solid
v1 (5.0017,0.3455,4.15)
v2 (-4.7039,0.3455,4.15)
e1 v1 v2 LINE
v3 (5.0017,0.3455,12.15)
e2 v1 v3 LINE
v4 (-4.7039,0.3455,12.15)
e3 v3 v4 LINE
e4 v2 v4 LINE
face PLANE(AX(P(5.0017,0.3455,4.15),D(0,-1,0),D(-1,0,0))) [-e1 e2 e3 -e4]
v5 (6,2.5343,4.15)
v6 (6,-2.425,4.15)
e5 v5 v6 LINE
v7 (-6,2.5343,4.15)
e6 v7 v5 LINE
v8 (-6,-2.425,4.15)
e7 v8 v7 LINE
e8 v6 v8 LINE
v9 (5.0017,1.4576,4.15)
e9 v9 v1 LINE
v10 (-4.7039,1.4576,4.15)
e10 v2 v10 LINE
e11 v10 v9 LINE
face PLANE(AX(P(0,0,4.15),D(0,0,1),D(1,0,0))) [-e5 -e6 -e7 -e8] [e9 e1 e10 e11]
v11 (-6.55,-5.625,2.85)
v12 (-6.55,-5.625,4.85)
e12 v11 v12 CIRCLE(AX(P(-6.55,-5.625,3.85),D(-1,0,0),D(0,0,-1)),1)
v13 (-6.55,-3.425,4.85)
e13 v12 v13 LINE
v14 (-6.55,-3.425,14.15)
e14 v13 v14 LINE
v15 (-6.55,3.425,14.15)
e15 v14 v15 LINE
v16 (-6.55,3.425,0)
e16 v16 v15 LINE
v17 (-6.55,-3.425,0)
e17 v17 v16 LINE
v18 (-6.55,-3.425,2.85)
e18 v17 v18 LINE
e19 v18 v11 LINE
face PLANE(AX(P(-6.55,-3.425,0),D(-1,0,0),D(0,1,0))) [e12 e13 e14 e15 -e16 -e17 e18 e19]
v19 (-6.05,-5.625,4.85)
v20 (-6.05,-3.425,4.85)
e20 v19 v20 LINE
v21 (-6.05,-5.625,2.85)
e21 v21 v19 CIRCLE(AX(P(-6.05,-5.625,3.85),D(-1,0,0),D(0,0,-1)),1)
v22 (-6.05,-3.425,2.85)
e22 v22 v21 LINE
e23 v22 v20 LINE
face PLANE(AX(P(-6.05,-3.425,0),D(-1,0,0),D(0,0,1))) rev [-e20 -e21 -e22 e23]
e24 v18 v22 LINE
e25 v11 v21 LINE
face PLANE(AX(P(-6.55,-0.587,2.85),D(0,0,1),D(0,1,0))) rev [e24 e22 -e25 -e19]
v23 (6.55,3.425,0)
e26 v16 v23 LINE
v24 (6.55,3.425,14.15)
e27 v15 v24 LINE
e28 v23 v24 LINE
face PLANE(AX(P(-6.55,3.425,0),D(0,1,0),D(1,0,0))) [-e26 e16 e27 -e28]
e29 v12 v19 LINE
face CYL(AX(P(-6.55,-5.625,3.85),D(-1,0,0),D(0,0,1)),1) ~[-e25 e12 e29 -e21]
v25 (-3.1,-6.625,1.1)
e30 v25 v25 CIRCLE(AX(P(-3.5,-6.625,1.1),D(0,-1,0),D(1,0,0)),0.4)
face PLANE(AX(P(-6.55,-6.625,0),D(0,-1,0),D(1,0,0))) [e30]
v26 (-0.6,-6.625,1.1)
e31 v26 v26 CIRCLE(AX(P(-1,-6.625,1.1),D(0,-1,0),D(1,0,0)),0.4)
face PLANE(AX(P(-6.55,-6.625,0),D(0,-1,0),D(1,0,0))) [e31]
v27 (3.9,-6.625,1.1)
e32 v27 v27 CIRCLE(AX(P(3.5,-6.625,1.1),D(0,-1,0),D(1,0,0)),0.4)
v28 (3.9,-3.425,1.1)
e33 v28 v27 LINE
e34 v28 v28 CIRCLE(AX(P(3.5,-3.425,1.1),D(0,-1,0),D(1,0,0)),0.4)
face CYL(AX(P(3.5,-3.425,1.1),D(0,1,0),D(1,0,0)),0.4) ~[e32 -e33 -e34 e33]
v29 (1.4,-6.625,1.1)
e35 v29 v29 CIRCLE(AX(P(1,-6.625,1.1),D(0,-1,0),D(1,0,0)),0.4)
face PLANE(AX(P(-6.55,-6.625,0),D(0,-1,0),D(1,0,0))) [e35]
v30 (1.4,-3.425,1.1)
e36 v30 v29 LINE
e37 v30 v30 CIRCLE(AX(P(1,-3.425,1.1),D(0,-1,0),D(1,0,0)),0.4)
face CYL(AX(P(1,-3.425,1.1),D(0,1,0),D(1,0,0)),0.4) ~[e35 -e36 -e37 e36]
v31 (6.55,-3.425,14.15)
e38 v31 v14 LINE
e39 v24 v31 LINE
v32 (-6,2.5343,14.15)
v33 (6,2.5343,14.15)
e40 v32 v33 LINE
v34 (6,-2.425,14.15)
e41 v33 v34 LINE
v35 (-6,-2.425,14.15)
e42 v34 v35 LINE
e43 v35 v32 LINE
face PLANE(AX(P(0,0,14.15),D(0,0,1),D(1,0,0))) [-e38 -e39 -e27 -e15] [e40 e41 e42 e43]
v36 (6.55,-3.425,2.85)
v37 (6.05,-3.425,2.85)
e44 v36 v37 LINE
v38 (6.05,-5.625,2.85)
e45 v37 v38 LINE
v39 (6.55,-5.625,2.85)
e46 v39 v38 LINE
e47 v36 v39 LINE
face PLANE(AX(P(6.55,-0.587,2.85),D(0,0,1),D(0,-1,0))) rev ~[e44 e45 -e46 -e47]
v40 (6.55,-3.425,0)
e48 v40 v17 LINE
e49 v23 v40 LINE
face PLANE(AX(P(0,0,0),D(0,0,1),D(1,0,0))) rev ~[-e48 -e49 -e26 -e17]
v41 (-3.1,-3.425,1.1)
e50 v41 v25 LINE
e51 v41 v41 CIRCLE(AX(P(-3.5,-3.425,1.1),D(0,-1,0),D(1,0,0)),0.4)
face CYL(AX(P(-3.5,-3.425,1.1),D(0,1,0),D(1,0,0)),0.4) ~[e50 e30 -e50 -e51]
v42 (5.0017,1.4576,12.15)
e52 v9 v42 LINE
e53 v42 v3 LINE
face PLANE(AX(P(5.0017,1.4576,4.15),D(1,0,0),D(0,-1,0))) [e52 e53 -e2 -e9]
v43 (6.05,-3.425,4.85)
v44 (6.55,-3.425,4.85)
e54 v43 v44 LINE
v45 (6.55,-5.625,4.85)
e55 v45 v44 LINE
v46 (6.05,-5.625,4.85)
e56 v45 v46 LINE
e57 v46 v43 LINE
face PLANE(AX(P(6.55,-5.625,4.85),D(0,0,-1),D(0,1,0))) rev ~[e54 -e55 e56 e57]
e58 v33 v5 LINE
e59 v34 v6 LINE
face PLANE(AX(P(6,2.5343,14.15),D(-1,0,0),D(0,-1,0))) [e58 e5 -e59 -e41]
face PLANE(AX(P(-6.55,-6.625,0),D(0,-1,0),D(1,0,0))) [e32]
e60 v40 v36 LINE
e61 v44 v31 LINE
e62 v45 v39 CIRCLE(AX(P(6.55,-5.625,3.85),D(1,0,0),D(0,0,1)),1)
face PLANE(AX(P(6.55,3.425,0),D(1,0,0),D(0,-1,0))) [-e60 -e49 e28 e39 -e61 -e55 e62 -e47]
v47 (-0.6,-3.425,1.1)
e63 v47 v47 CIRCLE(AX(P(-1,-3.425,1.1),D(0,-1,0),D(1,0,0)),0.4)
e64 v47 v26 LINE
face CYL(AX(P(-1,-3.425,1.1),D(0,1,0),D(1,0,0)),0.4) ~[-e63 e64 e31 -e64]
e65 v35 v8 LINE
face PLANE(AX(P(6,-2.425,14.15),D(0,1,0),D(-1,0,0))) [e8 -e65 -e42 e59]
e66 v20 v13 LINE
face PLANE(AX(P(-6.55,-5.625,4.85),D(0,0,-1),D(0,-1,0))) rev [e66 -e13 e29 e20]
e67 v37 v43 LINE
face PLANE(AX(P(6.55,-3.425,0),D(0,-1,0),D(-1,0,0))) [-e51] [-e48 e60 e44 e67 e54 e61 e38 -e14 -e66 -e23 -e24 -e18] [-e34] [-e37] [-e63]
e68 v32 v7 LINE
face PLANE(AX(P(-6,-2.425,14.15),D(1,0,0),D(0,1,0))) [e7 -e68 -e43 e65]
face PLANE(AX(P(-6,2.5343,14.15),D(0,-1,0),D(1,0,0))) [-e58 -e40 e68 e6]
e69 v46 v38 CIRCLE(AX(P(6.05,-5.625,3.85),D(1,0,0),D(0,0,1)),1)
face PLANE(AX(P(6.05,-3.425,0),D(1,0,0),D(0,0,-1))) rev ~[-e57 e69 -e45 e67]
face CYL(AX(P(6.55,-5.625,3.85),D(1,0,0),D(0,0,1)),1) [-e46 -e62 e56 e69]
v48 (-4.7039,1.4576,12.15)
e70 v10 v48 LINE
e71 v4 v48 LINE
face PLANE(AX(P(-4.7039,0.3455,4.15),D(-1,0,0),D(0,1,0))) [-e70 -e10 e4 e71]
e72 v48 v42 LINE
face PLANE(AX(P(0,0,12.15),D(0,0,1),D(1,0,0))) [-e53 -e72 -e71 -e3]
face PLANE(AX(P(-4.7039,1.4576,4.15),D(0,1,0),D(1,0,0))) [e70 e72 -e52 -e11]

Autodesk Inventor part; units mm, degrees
ref_plane "YZ Plane" through (0, 0, 0) normal (1, 0, 0) x (0, 1, 0)
ref_plane "XZ Plane" through (0, 0, 0) normal (0, 1, 0) x (-1, 0, 0)
ref_plane "XY Plane" through (0, 0, 0) normal (0, 0, 1) x (1, 0, 0)
sketch "Sketch1" plane through (0, 0, 0) normal (0, 0, 1) x (1, 0, 0)
  line L0 (-6.55, 3.425) -> (6.55, 3.425)
  line L1 (6.55, 3.425) -> (6.55, -3.425)
  line L2 (6.55, -3.425) -> (-6.55, -3.425)
  line L3 (-6.55, -3.425) -> (-6.55, 3.425)
  point P0 (0, 0)
  dimension "d0" = 13.1
  dimension "d1" = 6.85
  dimension "d2" = 3.425
  dimension "d3" = 6.55
extrude "Extrusion1" add sketch "Sketch1" along normal blind 14.15
sketch "Sketch2" plane through (0, 0, 14.15) normal (0, 0, 1) x (1, 0, 0)
  line L0 (-6, 2.5343) -> (6, 2.5343)
  line L1 (6, 2.5343) -> (6, -2.425)
  line L2 (6, -2.425) -> (-6, -2.425)
  line L3 (-6, -2.425) -> (-6, 2.5343)
  line L4 (-6.55, -3.425) -> (6.55, -3.425) projected
  line L5 (6.55, 3.425) -> (-6.55, 3.425) projected
  point P0 (0, 0)
  dimension "d7" = 12
  dimension "d8" = 6
  dimension "d9" = 1
extrude "Extrusion2" cut sketch "Sketch2" against normal blind 10
sketch "Sketch3" plane through (0, 0, 4.15) normal (0, 0, 1) x (1, 0, 0)
  line L0 (-4.7039, 1.4576) -> (5.0017, 1.4576)
  line L1 (5.0017, 1.4576) -> (5.0017, 0.3455)
  line L2 (5.0017, 0.3455) -> (-4.7039, 0.3455)
  line L3 (-4.7039, 0.3455) -> (-4.7039, 1.4576)
  point P0 (0, 0)
extrude "Extrusion3" add sketch "Sketch3" along normal blind 8
sketch "Sketch4" plane through (6.55, -3.425, 0) normal (1, 0, 0) x (0, 0, -1)
  line L0 (-4.85, 2.838) -> (-2.85, 2.838)
  line L1 (-2.85, 2.838) -> (-2.85, -3.2)
  line L2 (-2.85, -3.2) -> (-4.85, -3.2)
  line L3 (-4.85, -3.2) -> (-4.85, 2.838)
  line L4 (-14.15, 0) -> (-14.15, 6.85) projected
  arc A0 (-4.85, -2.2) -> (-2.85, -2.2) centre (-3.85, -2.2) ccw
  point P0 (0, 3.425)
  dimension "d17" = 2
  dimension "d18" = 9.3
  dimension "d21" = 3.2
extrude "Extrusion4" add sketch "Sketch4" against normal blind 0.5 contours L0 L1 A0 L3
sketch "Sketch5" plane through (-6.55, -3.425, 0) normal (0, -1, 0) x (1, 0, 0)
  line L0 (13.8244, -1.52) -> (1.8735, -1.52) construction
  line L1 (13.8244, 1.1) -> (1.8735, 1.1) construction
  line L2 (13.1, 4.85) -> (12.6, 4.85) projected
  circle A0 centre (5.55, 1.1) radius 0.4
  circle A1 centre (7.55, 1.1) radius 0.4
  circle A2 centre (3.05, 1.1) radius 0.4
  circle A3 centre (10.05, 1.1) radius 0.4
  point P0 (6.55, 0)
  dimension "d25" = 2.62
  dimension "d26" = 3.75
  dimension "d29" = 2
  dimension "d30" = 1
  dimension "d31" = 2.5
  dimension "d34" = 2.5
  dimension "d35" = 0.8
  dimension "d36" = 0.8
  dimension "d40" = 0.8
  dimension "d42" = 0.8
extrude "Extrusion5" add sketch "Sketch5" along normal blind 3.2
mirror "Mirror1" about plane through (0, 0, 0) normal (1, 0, 0) of "Extrusion4"
properties part number "USBA_CNC"
